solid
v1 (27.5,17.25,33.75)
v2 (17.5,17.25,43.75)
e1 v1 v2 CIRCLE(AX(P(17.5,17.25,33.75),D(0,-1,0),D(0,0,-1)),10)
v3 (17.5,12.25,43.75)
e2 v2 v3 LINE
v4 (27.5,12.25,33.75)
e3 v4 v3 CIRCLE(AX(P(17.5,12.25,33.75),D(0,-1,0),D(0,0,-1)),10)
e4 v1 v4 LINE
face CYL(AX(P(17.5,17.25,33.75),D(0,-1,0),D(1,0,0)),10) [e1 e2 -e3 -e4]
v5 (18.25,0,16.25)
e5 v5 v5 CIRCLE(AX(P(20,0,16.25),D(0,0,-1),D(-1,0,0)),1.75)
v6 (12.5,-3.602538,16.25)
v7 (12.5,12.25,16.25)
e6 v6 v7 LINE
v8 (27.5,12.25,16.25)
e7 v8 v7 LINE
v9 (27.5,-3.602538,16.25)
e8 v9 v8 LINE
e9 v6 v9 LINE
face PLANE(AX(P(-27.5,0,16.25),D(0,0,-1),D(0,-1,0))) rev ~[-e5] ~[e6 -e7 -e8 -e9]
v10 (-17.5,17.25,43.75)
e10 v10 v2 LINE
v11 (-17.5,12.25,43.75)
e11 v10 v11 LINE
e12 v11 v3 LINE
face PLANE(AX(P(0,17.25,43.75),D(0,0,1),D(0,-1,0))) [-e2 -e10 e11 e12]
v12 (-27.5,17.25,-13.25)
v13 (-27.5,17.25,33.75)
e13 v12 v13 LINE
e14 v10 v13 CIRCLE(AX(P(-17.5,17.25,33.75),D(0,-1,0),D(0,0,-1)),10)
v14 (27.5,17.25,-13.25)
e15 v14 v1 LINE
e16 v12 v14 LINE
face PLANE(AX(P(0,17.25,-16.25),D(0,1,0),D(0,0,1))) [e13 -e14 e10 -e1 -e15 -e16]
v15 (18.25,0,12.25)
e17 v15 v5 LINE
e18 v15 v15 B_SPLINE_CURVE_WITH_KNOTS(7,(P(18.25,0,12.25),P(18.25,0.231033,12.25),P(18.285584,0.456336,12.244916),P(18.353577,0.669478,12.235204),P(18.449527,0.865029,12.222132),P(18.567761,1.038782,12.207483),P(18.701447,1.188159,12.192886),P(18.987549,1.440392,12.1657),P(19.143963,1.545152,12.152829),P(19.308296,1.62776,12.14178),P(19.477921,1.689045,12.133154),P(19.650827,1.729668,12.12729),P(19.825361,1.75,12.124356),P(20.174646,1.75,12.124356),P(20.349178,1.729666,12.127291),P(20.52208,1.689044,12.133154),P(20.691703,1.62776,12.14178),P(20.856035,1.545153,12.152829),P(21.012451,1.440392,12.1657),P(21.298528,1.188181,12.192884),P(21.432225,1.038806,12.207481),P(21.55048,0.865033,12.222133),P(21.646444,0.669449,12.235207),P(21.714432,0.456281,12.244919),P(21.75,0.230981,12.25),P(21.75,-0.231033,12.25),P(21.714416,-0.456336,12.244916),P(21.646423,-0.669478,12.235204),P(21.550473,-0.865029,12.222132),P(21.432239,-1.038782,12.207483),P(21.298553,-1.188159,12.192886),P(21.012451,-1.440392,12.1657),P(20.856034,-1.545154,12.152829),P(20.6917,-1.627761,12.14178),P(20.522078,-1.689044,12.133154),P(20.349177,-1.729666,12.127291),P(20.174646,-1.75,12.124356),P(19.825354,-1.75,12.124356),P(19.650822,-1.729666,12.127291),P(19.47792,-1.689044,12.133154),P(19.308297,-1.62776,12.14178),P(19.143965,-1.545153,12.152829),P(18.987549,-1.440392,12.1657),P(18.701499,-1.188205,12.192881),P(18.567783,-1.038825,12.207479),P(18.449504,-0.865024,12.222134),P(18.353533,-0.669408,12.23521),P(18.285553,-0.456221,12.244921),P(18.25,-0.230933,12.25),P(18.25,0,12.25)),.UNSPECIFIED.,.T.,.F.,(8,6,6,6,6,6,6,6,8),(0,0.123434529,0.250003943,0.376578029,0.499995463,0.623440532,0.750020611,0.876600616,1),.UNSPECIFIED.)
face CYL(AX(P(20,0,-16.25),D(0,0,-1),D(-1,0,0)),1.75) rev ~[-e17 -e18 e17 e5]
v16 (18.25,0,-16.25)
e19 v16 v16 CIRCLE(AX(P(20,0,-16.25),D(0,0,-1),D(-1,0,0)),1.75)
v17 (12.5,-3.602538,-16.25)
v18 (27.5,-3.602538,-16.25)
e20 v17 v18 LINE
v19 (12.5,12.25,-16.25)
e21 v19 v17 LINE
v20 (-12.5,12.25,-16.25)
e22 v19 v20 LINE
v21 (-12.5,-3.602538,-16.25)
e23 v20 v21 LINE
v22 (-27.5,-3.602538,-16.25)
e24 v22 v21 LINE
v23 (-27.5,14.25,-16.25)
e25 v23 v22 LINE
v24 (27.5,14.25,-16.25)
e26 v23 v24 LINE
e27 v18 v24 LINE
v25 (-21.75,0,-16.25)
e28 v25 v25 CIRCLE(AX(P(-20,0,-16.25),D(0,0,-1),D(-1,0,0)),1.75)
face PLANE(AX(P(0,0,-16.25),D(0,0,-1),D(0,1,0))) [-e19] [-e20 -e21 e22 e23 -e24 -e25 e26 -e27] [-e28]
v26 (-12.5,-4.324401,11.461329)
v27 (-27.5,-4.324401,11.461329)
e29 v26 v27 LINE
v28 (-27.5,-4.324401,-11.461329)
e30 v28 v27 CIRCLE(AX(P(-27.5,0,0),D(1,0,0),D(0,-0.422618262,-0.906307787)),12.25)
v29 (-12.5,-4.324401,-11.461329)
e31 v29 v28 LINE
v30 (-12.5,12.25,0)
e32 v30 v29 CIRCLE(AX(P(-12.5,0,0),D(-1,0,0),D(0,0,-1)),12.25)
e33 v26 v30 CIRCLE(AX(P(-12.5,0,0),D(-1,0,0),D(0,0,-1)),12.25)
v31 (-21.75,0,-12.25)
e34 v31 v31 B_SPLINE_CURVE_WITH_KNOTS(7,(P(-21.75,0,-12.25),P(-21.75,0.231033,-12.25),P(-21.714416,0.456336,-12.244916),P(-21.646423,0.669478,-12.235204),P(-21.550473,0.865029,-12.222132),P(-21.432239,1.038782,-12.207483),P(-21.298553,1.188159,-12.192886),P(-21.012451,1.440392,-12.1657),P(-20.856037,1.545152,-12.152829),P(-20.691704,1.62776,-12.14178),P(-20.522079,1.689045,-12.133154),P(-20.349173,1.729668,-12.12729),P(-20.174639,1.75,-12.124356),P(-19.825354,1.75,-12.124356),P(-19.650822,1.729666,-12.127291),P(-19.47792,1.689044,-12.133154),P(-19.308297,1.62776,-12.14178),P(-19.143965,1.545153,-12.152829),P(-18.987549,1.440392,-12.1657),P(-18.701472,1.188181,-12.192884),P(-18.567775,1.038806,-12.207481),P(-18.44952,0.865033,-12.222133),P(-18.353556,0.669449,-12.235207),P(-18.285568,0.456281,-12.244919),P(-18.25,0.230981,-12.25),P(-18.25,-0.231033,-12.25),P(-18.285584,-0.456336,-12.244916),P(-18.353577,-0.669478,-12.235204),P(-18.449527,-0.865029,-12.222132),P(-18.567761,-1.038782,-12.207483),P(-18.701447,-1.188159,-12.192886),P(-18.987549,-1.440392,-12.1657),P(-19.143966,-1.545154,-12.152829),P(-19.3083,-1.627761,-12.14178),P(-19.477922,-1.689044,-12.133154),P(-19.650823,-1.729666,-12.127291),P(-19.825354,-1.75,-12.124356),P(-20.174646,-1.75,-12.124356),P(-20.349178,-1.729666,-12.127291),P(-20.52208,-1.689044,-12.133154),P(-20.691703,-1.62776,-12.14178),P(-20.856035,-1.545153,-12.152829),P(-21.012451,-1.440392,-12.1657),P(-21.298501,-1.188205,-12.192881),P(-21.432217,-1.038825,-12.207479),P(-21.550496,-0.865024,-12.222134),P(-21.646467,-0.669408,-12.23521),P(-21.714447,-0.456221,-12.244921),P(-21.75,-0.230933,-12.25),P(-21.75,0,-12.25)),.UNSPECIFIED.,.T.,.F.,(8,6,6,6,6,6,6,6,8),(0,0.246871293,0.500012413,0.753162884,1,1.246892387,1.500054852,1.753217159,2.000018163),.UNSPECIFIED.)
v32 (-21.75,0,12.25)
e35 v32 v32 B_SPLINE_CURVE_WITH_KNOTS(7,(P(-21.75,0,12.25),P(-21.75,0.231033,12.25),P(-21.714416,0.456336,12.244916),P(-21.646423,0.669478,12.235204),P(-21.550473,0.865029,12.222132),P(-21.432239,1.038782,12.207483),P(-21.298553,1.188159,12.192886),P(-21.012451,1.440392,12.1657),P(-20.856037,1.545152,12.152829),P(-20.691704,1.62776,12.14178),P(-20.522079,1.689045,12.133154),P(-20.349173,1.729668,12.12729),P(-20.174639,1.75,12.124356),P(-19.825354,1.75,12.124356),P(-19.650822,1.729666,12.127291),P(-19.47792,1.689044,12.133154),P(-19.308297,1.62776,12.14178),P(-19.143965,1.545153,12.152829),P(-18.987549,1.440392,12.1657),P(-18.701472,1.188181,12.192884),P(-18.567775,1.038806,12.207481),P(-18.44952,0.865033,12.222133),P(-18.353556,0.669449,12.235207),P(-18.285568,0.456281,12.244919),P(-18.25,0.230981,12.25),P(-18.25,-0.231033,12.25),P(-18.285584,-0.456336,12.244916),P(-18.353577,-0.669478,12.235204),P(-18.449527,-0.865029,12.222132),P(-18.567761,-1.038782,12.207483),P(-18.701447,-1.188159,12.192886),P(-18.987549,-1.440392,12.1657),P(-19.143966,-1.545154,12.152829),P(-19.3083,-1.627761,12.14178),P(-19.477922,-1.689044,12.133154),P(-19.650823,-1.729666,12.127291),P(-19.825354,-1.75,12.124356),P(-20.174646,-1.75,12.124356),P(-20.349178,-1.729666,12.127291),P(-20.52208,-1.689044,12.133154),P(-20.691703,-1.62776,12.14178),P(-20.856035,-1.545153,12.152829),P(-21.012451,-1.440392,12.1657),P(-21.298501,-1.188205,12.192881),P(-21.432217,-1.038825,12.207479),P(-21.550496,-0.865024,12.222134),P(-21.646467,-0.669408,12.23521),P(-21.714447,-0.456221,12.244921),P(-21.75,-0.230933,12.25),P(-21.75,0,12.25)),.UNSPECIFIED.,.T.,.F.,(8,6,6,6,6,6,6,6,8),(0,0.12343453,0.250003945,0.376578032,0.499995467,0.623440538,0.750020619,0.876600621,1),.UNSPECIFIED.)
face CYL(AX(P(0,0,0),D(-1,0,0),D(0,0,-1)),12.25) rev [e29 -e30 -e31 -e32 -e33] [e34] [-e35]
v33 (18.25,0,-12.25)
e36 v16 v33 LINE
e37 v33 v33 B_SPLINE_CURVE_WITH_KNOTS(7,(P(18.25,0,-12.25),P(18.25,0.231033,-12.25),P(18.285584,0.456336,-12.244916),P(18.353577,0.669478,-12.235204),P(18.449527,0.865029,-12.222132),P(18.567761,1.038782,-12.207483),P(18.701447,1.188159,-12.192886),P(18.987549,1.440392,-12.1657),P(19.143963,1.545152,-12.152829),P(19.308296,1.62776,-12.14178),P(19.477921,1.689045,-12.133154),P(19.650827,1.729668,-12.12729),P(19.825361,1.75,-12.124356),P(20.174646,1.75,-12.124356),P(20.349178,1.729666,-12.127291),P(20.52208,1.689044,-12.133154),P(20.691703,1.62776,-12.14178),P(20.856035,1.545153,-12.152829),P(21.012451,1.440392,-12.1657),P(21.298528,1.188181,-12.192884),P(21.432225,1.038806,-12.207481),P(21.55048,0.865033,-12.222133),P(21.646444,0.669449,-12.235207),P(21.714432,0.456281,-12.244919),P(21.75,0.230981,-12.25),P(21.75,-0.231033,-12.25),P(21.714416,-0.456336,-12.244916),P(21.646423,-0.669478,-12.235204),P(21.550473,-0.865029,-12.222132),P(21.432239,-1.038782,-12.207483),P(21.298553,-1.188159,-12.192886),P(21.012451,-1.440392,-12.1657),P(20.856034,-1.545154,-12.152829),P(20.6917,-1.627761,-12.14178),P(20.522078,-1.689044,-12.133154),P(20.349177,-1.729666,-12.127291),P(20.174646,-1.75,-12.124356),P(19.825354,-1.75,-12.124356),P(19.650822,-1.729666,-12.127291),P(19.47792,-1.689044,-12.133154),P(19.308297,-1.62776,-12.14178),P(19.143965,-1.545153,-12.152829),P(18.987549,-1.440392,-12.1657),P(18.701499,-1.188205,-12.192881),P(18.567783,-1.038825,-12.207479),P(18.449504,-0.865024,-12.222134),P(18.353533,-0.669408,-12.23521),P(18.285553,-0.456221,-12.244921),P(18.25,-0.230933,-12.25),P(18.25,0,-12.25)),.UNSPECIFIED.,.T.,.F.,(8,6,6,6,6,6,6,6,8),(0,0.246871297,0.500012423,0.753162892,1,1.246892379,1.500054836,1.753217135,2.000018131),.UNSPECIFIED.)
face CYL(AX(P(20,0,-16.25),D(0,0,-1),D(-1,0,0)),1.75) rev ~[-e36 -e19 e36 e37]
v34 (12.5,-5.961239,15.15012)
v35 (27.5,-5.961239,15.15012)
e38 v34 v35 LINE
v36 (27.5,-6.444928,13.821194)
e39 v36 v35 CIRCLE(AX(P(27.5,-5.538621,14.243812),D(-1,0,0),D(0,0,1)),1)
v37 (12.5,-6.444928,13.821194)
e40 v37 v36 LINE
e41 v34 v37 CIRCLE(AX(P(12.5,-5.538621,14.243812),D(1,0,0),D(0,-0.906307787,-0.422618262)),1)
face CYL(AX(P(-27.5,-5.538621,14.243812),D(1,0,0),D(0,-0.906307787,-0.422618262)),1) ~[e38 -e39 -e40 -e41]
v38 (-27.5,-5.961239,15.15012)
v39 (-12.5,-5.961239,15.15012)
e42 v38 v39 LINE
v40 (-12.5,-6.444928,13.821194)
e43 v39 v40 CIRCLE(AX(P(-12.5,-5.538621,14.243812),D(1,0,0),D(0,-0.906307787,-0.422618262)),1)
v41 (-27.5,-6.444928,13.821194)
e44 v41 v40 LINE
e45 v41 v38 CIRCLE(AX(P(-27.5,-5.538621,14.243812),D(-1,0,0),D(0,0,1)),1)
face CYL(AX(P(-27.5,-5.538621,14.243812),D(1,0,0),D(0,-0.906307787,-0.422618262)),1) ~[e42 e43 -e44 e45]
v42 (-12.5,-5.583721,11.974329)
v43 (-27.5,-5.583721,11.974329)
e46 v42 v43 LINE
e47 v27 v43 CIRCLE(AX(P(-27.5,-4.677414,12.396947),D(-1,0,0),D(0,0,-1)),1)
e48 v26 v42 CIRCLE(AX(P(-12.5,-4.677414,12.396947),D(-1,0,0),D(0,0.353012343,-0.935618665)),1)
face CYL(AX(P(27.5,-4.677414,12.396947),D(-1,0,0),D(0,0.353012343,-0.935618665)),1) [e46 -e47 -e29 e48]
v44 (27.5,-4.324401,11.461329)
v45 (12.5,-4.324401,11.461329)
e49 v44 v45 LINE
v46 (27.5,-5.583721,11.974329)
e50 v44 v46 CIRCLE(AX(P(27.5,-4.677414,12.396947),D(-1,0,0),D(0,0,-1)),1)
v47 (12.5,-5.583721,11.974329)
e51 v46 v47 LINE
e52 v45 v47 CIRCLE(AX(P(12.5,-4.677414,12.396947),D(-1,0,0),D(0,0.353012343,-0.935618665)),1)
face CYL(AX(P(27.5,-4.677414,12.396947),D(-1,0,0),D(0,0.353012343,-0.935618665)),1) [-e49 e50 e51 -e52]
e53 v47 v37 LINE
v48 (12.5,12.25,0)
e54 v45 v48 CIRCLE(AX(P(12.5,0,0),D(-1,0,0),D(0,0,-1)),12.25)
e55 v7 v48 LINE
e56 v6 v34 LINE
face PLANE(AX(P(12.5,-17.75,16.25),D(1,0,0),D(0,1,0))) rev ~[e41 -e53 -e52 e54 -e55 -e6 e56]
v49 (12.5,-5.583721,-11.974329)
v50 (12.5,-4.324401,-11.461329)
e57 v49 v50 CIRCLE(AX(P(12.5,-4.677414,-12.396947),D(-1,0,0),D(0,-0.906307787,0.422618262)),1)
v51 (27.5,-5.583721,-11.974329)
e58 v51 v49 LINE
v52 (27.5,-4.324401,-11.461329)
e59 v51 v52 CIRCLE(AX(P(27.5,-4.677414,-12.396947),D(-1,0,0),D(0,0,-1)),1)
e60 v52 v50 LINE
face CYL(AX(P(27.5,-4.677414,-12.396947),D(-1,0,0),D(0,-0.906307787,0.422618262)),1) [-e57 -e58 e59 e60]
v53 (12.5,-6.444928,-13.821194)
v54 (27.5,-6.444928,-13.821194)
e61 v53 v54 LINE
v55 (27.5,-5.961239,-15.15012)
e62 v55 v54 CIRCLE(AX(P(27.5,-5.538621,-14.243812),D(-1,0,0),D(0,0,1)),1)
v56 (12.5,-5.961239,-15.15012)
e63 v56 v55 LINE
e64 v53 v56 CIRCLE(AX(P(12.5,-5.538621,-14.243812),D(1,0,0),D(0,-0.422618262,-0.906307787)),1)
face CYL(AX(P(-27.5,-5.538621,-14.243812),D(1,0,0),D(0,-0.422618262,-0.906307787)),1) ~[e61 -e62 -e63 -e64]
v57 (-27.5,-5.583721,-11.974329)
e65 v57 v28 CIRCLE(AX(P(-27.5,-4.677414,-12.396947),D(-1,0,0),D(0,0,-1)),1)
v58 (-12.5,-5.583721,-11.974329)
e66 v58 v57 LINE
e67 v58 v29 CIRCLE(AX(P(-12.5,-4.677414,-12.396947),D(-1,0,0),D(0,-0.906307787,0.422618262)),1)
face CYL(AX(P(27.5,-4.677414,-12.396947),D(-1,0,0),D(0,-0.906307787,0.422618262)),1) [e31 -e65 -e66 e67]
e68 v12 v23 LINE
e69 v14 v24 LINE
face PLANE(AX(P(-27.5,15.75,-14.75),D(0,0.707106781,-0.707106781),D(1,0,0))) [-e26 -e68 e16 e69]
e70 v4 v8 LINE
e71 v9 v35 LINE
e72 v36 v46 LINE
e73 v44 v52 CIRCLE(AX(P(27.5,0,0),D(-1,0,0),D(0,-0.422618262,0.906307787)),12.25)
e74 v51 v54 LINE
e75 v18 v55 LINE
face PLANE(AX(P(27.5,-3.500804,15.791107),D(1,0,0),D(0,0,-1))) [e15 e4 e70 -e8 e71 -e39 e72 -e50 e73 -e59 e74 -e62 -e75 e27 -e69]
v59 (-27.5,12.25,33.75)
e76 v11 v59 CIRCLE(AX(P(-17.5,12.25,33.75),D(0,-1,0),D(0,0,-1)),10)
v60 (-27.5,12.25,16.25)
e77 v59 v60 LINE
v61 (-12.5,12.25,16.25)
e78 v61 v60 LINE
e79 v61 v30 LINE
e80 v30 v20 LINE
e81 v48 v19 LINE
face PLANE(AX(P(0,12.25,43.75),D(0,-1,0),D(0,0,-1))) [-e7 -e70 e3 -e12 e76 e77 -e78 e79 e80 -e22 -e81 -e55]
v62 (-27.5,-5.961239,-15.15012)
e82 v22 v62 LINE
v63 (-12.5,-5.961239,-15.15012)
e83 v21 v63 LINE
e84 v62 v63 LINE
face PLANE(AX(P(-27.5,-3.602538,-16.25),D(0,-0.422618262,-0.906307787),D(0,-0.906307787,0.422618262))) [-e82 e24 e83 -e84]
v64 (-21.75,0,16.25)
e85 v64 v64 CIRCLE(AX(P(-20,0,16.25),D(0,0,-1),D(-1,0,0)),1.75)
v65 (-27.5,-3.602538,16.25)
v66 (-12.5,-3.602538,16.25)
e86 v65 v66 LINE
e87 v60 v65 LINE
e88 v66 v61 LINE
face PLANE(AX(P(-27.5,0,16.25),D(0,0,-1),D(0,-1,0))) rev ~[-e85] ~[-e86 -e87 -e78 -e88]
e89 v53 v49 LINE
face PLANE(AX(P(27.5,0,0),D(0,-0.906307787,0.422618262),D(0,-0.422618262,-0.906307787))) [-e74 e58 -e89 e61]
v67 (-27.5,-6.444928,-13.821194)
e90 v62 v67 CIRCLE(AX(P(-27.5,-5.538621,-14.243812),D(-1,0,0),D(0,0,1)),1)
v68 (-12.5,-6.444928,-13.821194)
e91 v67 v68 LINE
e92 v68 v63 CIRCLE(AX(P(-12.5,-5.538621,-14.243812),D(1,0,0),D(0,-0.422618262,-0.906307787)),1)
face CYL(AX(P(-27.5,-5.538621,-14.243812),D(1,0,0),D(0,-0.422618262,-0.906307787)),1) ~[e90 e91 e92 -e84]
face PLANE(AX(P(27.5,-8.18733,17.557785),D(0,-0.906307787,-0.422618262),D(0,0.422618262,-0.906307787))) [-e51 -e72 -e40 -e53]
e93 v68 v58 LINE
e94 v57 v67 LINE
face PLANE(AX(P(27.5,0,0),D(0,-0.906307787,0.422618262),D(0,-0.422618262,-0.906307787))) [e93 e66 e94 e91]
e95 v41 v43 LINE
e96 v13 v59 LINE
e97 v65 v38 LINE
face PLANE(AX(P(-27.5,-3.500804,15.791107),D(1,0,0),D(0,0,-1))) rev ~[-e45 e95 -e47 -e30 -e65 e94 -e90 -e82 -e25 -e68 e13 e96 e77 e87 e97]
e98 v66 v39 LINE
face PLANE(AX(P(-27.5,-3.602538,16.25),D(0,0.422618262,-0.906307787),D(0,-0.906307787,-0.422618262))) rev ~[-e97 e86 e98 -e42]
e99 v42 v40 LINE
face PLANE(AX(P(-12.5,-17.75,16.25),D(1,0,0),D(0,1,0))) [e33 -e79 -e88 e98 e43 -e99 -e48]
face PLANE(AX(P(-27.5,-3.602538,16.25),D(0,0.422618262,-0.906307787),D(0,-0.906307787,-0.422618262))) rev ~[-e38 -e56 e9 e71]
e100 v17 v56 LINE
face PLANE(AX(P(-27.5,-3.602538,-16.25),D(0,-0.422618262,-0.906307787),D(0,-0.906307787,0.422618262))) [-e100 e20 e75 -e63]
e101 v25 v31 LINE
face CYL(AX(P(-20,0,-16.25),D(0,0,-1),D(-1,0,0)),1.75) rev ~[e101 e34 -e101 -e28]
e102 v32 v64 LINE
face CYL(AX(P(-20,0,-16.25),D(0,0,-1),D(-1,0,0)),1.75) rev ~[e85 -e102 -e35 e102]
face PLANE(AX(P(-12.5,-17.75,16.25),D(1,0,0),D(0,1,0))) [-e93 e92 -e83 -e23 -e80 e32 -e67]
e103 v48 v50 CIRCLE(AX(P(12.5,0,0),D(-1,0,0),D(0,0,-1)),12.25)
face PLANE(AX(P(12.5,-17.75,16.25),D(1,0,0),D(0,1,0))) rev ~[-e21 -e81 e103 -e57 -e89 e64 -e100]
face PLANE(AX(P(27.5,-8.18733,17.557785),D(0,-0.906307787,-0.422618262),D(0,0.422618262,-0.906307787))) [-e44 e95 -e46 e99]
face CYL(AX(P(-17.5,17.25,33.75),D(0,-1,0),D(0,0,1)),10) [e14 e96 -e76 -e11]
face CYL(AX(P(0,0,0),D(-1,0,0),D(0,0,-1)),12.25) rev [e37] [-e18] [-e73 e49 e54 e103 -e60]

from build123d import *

# Parameters (mm, degrees)
SKETCH_1_R               = 12.25
EXTRUDE_1_DEPTH          = 27.5
CUT_EXTRUDE_2_DEPTH      = 1
CUT_EXTRUDE_2_DEPTH_BACK = 56
EXTRUDE_2_DEPTH          = 55
FILLET_1_R               = 1
SKETCH_5_R               = 1.75
CUT_EXTRUDE_3_DEPTH      = 61
SKETCH_2_W               = 25
SKETCH_2_H               = 30
CUT_EXTRUDE_1_DEPTH      = 33.5000001
FILLET_2_R               = 10
CHAMFER_1_SIZE           = 3


with BuildPart() as part:
    # ｽｹｯﾁ1 → ﾎﾞｽ - 押し出し1 (new body, symmetric)
    with BuildSketch(Plane(origin=(0, 0, 0), x_dir=(0, 0, -1), z_dir=(1, 0, 0))):
        with BuildLine():
            Line((16.25, 0), (16.25, 17.25))
            Line((16.25, 17.25), (-43.75, 17.25))
            Line((-43.75, 17.25), (-43.75, 12.25))
            Line((-43.75, 12.25), (-16.25, 12.25))
            Line((-16.25, 12.25), (-16.25, 0))
            ThreePointArc((-16.25, 0), (0, -16.25), (16.25, 0))
        make_face()
        Circle(SKETCH_1_R, mode=Mode.SUBTRACT)
    extrude(amount=EXTRUDE_1_DEPTH, both=True)

    # ｽｹｯﾁ3 → ｶｯﾄ - 押し出し2 (cut, two sides)
    with BuildSketch(Plane(origin=(27.5, 0, 0), x_dir=(0, 0, -1), z_dir=(1, 0, 0))) as cut_extrude_2_sk:
        Polygon((-152.616304173, -71.166151395), (-17.557784777, -8.187329502), (0, 0), (20.401420048, -9.513338406), (155.459939444, -72.492160299), (154.177134941, -370.530575754), (-153.899108676, -369.20456685), align=None)
    extrude(amount=CUT_EXTRUDE_2_DEPTH, mode=Mode.SUBTRACT)
    extrude(cut_extrude_2_sk.sketch, amount=-CUT_EXTRUDE_2_DEPTH_BACK, mode=Mode.SUBTRACT)

    # ｽｹｯﾁ4 → ﾎﾞｽ - 押し出し2 (add)
    with BuildSketch(Plane.ZY.offset(27.5)):
        with BuildLine():
            Line((16.25, 0), (16.25, -3.602538268))
            Line((16.25, -3.602538268), (14.727501539, -6.867546753))
            ThreePointArc((14.727501539, -6.867546753), (15.864810116, -3.517143726), (16.25, 0))
        make_face()
        with BuildLine():
            Line((-16.25, 0), (-16.25, -3.602538268))
            Line((-16.25, -3.602538268), (-14.727501539, -6.867546753))
            ThreePointArc((-14.727501539, -6.867546753), (-15.864810116, -3.517143726), (-16.25, 0))
        make_face()
    extrude(amount=-EXTRUDE_2_DEPTH)

    # ﾌｨﾚｯﾄ1
    fillet_1_edges = [part.edges().sort_by_distance(p)[0] for p in [
        (0, -5.177073706, -11.102270391),
        (0, -5.177073706, 11.102270391),
        (0, -6.867546753, 14.727501539),
        (0, -6.867546753, -14.727501539),
    ]]
    fillet(fillet_1_edges, radius=FILLET_1_R)

    # ｽｹｯﾁ5 → ｶｯﾄ - 押し出し3 (cut, through all)
    with BuildSketch(Plane(origin=(0, 0, -16.25), x_dir=(-1, 0, 0), z_dir=(0, 0, -1))):
        with Locations((20, 0)):
            Circle(SKETCH_5_R)
        with Locations((-20, 0)):
            Circle(SKETCH_5_R)
    extrude(amount=-CUT_EXTRUDE_3_DEPTH, mode=Mode.SUBTRACT)

    # ｽｹｯﾁ2 → ｶｯﾄ - 押し出し1 (cut, through all)
    with BuildSketch(Plane.XY.offset(16.25)):
        with Locations((0, -2.75)):
            Rectangle(SKETCH_2_W, SKETCH_2_H)
    extrude(amount=-CUT_EXTRUDE_1_DEPTH, mode=Mode.SUBTRACT)

    # ﾌｨﾚｯﾄ2
    fillet_2_edges = [part.edges().sort_by_distance(p)[0] for p in [
        (27.5, 14.75, 43.75),
        (-27.5, 14.75, 43.75),
    ]]
    fillet(fillet_2_edges, radius=FILLET_2_R)

    # 面取り1
    chamfer_1_edges = [part.edges().sort_by_distance(p)[0] for p in [
        (0, 17.25, -16.25),
    ]]
    chamfer(chamfer_1_edges, length=CHAMFER_1_SIZE)


solid = part.part
